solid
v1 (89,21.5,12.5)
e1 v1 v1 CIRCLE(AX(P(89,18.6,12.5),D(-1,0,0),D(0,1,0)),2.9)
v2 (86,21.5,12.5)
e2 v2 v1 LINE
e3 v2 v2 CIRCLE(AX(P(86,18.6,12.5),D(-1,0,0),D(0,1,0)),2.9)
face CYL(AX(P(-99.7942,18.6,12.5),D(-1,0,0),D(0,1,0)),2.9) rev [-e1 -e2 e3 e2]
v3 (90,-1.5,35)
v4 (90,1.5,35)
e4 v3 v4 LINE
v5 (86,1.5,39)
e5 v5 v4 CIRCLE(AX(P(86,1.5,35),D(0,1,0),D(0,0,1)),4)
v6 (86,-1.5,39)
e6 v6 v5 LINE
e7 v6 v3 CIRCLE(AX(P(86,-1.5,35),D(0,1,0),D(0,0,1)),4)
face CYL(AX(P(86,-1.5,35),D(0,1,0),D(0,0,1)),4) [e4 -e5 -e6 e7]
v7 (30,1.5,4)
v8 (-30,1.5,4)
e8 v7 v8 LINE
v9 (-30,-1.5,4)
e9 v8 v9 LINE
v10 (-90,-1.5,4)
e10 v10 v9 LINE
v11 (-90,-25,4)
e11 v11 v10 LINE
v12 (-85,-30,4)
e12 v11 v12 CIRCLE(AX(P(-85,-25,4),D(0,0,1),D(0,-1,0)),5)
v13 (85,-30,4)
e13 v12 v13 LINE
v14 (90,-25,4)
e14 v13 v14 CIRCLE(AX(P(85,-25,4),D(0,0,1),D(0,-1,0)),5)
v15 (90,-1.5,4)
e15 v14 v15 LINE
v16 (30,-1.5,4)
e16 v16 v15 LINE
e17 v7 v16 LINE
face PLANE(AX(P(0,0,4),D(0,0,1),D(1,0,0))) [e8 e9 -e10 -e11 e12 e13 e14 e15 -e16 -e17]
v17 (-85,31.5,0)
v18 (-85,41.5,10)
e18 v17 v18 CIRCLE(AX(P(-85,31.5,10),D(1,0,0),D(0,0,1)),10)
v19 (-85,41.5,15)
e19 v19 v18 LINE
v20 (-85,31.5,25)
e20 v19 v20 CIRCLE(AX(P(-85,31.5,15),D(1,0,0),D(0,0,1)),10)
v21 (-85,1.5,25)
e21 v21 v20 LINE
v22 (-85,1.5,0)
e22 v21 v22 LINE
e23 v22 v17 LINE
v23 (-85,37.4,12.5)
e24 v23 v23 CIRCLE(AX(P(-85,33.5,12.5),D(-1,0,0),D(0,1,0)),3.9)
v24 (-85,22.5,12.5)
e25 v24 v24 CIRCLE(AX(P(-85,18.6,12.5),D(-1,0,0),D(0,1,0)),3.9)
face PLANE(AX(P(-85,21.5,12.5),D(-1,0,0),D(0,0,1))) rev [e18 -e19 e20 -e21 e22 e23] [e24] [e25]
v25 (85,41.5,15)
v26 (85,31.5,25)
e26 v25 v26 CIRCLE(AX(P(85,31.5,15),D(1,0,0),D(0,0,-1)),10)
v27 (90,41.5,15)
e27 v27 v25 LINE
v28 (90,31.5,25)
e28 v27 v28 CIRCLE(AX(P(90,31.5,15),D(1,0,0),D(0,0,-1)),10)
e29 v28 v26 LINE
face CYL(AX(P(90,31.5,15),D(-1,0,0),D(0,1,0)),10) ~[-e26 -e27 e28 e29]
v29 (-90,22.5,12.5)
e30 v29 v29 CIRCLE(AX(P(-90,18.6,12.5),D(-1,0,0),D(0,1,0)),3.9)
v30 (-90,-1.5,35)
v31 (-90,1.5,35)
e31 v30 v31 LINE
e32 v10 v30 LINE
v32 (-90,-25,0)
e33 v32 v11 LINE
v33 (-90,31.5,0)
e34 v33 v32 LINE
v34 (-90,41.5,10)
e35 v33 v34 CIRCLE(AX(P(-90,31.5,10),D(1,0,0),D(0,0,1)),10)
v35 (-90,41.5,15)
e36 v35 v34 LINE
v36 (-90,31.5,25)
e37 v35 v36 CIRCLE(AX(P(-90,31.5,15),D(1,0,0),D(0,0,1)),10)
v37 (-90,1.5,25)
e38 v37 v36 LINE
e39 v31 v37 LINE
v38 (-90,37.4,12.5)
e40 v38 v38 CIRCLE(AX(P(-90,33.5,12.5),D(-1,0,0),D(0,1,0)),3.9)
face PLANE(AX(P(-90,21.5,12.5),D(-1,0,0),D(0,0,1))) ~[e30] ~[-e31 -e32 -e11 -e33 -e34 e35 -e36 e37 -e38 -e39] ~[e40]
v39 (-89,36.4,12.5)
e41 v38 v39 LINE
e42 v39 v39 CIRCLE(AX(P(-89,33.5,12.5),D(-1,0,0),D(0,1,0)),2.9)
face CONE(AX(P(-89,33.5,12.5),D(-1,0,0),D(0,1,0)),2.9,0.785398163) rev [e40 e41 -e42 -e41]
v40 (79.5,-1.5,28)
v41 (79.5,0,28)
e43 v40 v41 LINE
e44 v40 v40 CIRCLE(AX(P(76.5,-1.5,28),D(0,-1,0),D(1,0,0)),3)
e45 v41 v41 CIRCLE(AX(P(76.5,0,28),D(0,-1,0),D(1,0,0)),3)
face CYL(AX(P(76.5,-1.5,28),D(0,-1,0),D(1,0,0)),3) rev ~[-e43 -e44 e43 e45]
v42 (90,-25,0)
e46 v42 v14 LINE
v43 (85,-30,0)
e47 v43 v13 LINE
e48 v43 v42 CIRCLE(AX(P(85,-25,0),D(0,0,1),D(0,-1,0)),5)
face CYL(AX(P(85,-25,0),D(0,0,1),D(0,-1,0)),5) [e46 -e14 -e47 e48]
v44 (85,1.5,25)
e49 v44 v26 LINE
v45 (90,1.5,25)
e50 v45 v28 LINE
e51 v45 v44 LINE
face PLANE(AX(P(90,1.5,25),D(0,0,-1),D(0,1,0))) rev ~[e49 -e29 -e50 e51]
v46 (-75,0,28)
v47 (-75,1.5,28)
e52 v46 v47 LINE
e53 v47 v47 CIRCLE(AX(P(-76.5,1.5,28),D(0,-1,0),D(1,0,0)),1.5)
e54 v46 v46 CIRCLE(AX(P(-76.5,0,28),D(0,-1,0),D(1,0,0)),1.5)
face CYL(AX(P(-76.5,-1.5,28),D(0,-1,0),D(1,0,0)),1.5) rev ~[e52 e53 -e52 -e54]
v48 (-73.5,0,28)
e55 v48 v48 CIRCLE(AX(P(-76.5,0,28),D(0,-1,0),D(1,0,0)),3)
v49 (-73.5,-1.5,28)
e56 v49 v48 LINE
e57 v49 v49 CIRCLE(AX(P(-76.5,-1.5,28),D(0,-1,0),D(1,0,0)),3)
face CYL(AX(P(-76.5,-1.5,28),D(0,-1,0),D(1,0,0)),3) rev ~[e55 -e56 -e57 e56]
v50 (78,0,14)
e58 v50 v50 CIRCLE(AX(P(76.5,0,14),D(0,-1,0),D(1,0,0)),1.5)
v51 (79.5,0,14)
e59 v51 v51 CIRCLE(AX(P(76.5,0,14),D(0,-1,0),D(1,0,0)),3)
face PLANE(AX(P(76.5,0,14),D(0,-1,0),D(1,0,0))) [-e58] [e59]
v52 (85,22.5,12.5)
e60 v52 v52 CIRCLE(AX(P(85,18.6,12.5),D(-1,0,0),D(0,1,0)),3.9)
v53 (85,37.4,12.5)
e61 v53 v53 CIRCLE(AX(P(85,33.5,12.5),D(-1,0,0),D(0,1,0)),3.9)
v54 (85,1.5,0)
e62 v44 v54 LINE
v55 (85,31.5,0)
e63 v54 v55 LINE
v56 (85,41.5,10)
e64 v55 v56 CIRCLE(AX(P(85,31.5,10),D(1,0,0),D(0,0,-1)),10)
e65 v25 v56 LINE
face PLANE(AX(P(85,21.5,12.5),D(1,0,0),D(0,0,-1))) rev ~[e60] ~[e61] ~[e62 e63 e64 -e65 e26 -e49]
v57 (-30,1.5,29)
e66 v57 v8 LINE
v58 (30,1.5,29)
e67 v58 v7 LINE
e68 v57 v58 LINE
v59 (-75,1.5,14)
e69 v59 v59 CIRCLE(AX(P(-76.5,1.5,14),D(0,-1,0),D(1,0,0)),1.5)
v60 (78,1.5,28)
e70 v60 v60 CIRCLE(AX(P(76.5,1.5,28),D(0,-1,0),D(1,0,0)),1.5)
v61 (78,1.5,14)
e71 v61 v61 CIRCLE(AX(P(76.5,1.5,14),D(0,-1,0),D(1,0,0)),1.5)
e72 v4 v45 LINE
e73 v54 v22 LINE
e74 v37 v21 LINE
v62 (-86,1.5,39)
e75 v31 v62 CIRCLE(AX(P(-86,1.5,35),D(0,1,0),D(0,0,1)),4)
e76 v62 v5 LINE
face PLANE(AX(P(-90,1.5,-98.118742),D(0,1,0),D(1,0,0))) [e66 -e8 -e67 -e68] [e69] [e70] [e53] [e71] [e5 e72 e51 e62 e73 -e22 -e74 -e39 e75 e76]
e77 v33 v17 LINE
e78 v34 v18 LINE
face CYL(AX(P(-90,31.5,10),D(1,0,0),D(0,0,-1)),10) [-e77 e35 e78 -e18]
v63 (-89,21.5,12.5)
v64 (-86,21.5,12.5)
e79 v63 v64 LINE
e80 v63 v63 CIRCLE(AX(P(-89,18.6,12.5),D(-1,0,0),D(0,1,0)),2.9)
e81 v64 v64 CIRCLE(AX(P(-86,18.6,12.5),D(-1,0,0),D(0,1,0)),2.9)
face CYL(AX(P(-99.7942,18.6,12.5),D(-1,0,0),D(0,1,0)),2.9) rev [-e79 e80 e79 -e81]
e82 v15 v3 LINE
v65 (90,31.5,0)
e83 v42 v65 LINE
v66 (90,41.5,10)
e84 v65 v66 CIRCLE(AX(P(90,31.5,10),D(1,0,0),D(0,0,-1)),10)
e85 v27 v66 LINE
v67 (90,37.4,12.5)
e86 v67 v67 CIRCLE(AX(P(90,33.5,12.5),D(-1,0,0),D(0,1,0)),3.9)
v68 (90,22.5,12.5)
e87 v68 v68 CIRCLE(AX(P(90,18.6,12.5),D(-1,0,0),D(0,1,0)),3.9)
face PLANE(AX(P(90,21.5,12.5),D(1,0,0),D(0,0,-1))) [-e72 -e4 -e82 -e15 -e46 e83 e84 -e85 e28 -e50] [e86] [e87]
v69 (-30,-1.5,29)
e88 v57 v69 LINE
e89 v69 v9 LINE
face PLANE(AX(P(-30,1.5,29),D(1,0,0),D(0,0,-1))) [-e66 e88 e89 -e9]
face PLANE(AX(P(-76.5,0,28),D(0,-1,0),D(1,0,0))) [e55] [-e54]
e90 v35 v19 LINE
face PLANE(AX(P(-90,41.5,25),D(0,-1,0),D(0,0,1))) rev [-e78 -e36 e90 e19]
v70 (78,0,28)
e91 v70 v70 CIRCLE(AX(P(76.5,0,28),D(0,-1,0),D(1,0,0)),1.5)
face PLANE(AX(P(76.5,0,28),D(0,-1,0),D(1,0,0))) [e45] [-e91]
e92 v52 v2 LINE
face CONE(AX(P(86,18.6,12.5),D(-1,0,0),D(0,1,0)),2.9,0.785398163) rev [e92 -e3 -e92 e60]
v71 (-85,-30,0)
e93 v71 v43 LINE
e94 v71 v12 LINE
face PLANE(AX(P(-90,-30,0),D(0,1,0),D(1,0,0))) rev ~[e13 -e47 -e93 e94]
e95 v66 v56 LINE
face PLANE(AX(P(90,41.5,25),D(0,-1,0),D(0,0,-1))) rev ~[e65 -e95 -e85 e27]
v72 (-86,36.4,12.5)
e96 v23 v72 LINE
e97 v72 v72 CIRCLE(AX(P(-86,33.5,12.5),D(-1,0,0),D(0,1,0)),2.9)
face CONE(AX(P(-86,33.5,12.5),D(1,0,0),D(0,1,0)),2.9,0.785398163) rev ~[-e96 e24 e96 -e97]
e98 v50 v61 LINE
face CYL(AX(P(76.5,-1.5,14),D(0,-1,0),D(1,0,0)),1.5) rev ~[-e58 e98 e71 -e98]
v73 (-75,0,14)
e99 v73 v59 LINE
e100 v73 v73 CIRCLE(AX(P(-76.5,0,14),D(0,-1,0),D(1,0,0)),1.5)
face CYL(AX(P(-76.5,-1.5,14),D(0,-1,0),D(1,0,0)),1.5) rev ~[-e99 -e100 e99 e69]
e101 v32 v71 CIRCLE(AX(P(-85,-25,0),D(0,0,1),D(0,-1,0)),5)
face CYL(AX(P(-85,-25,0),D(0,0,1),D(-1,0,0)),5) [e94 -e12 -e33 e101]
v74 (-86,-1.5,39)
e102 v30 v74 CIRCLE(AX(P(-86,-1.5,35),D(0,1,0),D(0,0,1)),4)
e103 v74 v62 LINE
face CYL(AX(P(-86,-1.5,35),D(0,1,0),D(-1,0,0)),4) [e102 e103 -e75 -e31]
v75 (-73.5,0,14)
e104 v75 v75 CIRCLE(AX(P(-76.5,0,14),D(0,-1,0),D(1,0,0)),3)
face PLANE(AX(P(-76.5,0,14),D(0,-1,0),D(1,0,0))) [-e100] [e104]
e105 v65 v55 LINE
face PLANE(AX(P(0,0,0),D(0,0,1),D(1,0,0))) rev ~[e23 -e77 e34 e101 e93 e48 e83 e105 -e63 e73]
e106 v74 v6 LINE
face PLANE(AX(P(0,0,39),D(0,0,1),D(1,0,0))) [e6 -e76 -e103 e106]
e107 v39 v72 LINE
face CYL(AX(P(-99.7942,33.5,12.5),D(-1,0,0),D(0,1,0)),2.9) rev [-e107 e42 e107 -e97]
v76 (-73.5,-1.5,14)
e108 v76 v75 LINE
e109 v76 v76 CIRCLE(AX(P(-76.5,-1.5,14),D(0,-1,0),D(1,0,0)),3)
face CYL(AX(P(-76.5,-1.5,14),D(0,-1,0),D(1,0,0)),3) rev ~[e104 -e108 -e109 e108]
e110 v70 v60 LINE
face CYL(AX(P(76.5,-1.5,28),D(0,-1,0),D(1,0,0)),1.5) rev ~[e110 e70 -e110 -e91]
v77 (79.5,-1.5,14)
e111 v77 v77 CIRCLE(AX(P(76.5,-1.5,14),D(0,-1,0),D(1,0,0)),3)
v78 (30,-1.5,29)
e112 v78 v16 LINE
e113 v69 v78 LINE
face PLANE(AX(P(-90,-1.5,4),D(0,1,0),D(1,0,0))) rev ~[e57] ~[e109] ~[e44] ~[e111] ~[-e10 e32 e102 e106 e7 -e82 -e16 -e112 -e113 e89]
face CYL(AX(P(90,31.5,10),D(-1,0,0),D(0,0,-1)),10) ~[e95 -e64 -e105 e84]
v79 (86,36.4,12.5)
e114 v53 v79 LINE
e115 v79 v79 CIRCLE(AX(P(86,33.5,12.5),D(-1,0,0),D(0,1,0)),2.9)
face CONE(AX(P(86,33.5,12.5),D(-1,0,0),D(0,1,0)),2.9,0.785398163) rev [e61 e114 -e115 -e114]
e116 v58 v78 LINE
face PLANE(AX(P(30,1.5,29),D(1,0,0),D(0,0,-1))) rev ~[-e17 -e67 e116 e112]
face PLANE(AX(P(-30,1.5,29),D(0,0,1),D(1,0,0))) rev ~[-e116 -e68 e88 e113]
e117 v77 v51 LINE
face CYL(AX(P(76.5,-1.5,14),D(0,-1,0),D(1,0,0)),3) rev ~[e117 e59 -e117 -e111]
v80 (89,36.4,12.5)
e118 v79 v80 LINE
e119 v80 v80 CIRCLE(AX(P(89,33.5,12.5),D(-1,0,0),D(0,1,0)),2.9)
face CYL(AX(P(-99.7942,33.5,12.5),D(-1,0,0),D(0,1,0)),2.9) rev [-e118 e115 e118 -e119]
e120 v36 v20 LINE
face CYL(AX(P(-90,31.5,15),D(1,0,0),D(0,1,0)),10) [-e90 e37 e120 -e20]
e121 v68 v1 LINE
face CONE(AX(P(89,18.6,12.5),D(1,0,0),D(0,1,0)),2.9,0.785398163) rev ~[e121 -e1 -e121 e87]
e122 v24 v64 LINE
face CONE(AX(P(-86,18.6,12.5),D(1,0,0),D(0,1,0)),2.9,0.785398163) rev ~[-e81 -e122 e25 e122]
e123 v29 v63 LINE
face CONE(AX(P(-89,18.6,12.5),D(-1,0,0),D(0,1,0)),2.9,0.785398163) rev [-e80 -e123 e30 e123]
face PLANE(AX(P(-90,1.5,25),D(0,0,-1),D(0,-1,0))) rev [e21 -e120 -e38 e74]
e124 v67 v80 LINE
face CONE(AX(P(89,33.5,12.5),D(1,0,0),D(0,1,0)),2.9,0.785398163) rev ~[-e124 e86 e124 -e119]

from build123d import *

# Parameters (mm, degrees)
SKETCH_1_W               = 180
SKETCH_1_H               = 60
EXTRUDE_1_DEPTH          = 4
SKETCH_2_W               = 180
SKETCH_2_H               = 3
EXTRUDE_2_DEPTH          = 35
SKETCH_3_R               = 1.5
CUT_EXTRUDE_1_DEPTH      = 50
FILLET_3_R               = 4
SKETCH_6_R               = 3
CUT_EXTRUDE_4_DEPTH      = 1.5
SKETCH_7_W               = 60
SKETCH_7_H               = 25
CUT_EXTRUDE_5_DEPTH      = 10
CUT_EXTRUDE_6_DEPTH      = 102.118742081
CUT_EXTRUDE_6_DEPTH_BACK = 102.118742081
SKETCH_8_W               = 180
SKETCH_8_H               = 28.5
SKETCH_9_W               = 25
SKETCH_9_H               = 40
EXTRUDE_3_DEPTH          = 5
CUT_EXTRUDE_7_DEPTH      = 189.794200123
CUT_EXTRUDE_7_DEPTH_BACK = 189.794200123
SKETCH_10_R              = 2.9
CHAMFER_2_SIZE           = 1
FILLET_4_R               = 5
CHAMFER_3_SIZE           = 1
FILLET_5_R               = 10
CHAMFER_4_SIZE           = 1


with BuildPart() as part:
    # 草图1 → 凸台-拉伸1 (new body)
    with BuildSketch(Plane.XY):
        Rectangle(SKETCH_1_W, SKETCH_1_H)
    extrude(amount=EXTRUDE_1_DEPTH)

    # 草图2 → 凸台-拉伸2 (add)
    with BuildSketch(Plane.XY.offset(4)):
        Rectangle(SKETCH_2_W, SKETCH_2_H)
    extrude(amount=EXTRUDE_2_DEPTH)

    # 草图3 → 切除-拉伸1 (cut)
    with BuildSketch(Plane.XZ.offset(1.5)):
        with Locations((-76.5, 28)):
            Circle(SKETCH_3_R)
        with Locations((-76.5, 14)):
            Circle(SKETCH_3_R)
        with Locations((76.5, 28)):
            Circle(SKETCH_3_R)
        with Locations((76.5, 14)):
            Circle(SKETCH_3_R)
    extrude(amount=-CUT_EXTRUDE_1_DEPTH, mode=Mode.SUBTRACT)

    # 圆角3
    fillet_3_edges = [part.edges().sort_by_distance(p)[0] for p in [
        (-90, 0, 39),
        (90, 0, 39),
    ]]
    fillet(fillet_3_edges, radius=FILLET_3_R)

    # 草图6 → 切除-拉伸4 (cut)
    with BuildSketch(Plane.XZ.offset(1.5)):
        with Locations((-76.5, 28)):
            Circle(SKETCH_6_R)
        with Locations((-76.5, 14)):
            Circle(SKETCH_6_R)
        with Locations((76.5, 28)):
            Circle(SKETCH_6_R)
        with Locations((76.5, 14)):
            Circle(SKETCH_6_R)
    extrude(amount=-CUT_EXTRUDE_4_DEPTH, mode=Mode.SUBTRACT)

    # 草图7 → 切除-拉伸5 (cut)
    with BuildSketch(Plane(origin=(0, 1.5, 0), x_dir=(1, 0, 0), z_dir=(0, 1, 0))):
        with Locations((0, -16.5)):
            Rectangle(SKETCH_7_W, SKETCH_7_H)
    extrude(amount=-CUT_EXTRUDE_5_DEPTH, mode=Mode.SUBTRACT)

    # 草图8 → 切除-拉伸6 (cut, two sides: drawn at the far end of the back side and taken through both)
    with BuildSketch(Plane.XY.offset(4).offset(-CUT_EXTRUDE_6_DEPTH_BACK)):
        with Locations((0, 15.75)):
            Rectangle(SKETCH_8_W, SKETCH_8_H)
    extrude(amount=CUT_EXTRUDE_6_DEPTH + CUT_EXTRUDE_6_DEPTH_BACK, mode=Mode.SUBTRACT)

    # 草图9 → 凸台-拉伸3 (add)
    with BuildSketch(Plane(origin=(90, 0, 0), x_dir=(0, 0, -1), z_dir=(1, 0, 0))):
        with Locations((-12.5, 21.5)):
            Rectangle(SKETCH_9_W, SKETCH_9_H)
    extrude_3 = extrude(amount=-EXTRUDE_3_DEPTH)

    # 镜向1: 凸台-拉伸3 across plane
    add(extrude_3.mirror(Plane(origin=(0, 0, 0), x_dir=(0, 0, 1), z_dir=(1, 0, 0))))

    # 草图10 → 切除-拉伸7 (cut, two sides: drawn at the far end of the back side and taken through both)
    with BuildSketch(Plane(origin=(90, 0, 0), x_dir=(0, 0, -1), z_dir=(1, 0, 0)).offset(-CUT_EXTRUDE_7_DEPTH_BACK)):
        with Locations(Location((-12.5, 33.5, 0), (0, 0, 90))):
            Circle(SKETCH_10_R)
        with Locations(Location((-12.5, 18.6, 0), (0, 0, 90))):
            Circle(SKETCH_10_R)
    extrude(amount=CUT_EXTRUDE_7_DEPTH + CUT_EXTRUDE_7_DEPTH_BACK, mode=Mode.SUBTRACT)

    # 倒角2
    chamfer_2_edges = [part.edges().sort_by_distance(p)[0] for p in [
        (85, 30.6, 12.5),
        (90, 30.6, 12.5),
        (-90, 30.6, 12.5),
        (-85, 30.6, 12.5),
    ]]
    chamfer(chamfer_2_edges, length=CHAMFER_2_SIZE)

    # 圆角4
    fillet_4_edges = [part.edges().sort_by_distance(p)[0] for p in [
        (90, -30, 2),
        (-90, -30, 2),
    ]]
    fillet(fillet_4_edges, radius=FILLET_4_R)

    # 倒角3
    chamfer_3_edges = [part.edges().sort_by_distance(p)[0] for p in [
        (90, 15.7, 12.5),
        (-90, 15.7, 12.5),
    ]]
    chamfer(chamfer_3_edges, length=CHAMFER_3_SIZE)

    # 圆角5
    fillet_5_edges = [part.edges().sort_by_distance(p)[0] for p in [
        (87.5, 41.5, 0),
        (87.5, 41.5, 25),
        (-87.5, 41.5, 0),
        (-87.5, 41.5, 25),
    ]]
    fillet(fillet_5_edges, radius=FILLET_5_R)

    # 倒角4
    chamfer_4_edges = [part.edges().sort_by_distance(p)[0] for p in [
        (85, 15.7, 12.5),
        (-85, 15.7, 12.5),
    ]]
    chamfer(chamfer_4_edges, length=CHAMFER_4_SIZE)


solid = part.part
